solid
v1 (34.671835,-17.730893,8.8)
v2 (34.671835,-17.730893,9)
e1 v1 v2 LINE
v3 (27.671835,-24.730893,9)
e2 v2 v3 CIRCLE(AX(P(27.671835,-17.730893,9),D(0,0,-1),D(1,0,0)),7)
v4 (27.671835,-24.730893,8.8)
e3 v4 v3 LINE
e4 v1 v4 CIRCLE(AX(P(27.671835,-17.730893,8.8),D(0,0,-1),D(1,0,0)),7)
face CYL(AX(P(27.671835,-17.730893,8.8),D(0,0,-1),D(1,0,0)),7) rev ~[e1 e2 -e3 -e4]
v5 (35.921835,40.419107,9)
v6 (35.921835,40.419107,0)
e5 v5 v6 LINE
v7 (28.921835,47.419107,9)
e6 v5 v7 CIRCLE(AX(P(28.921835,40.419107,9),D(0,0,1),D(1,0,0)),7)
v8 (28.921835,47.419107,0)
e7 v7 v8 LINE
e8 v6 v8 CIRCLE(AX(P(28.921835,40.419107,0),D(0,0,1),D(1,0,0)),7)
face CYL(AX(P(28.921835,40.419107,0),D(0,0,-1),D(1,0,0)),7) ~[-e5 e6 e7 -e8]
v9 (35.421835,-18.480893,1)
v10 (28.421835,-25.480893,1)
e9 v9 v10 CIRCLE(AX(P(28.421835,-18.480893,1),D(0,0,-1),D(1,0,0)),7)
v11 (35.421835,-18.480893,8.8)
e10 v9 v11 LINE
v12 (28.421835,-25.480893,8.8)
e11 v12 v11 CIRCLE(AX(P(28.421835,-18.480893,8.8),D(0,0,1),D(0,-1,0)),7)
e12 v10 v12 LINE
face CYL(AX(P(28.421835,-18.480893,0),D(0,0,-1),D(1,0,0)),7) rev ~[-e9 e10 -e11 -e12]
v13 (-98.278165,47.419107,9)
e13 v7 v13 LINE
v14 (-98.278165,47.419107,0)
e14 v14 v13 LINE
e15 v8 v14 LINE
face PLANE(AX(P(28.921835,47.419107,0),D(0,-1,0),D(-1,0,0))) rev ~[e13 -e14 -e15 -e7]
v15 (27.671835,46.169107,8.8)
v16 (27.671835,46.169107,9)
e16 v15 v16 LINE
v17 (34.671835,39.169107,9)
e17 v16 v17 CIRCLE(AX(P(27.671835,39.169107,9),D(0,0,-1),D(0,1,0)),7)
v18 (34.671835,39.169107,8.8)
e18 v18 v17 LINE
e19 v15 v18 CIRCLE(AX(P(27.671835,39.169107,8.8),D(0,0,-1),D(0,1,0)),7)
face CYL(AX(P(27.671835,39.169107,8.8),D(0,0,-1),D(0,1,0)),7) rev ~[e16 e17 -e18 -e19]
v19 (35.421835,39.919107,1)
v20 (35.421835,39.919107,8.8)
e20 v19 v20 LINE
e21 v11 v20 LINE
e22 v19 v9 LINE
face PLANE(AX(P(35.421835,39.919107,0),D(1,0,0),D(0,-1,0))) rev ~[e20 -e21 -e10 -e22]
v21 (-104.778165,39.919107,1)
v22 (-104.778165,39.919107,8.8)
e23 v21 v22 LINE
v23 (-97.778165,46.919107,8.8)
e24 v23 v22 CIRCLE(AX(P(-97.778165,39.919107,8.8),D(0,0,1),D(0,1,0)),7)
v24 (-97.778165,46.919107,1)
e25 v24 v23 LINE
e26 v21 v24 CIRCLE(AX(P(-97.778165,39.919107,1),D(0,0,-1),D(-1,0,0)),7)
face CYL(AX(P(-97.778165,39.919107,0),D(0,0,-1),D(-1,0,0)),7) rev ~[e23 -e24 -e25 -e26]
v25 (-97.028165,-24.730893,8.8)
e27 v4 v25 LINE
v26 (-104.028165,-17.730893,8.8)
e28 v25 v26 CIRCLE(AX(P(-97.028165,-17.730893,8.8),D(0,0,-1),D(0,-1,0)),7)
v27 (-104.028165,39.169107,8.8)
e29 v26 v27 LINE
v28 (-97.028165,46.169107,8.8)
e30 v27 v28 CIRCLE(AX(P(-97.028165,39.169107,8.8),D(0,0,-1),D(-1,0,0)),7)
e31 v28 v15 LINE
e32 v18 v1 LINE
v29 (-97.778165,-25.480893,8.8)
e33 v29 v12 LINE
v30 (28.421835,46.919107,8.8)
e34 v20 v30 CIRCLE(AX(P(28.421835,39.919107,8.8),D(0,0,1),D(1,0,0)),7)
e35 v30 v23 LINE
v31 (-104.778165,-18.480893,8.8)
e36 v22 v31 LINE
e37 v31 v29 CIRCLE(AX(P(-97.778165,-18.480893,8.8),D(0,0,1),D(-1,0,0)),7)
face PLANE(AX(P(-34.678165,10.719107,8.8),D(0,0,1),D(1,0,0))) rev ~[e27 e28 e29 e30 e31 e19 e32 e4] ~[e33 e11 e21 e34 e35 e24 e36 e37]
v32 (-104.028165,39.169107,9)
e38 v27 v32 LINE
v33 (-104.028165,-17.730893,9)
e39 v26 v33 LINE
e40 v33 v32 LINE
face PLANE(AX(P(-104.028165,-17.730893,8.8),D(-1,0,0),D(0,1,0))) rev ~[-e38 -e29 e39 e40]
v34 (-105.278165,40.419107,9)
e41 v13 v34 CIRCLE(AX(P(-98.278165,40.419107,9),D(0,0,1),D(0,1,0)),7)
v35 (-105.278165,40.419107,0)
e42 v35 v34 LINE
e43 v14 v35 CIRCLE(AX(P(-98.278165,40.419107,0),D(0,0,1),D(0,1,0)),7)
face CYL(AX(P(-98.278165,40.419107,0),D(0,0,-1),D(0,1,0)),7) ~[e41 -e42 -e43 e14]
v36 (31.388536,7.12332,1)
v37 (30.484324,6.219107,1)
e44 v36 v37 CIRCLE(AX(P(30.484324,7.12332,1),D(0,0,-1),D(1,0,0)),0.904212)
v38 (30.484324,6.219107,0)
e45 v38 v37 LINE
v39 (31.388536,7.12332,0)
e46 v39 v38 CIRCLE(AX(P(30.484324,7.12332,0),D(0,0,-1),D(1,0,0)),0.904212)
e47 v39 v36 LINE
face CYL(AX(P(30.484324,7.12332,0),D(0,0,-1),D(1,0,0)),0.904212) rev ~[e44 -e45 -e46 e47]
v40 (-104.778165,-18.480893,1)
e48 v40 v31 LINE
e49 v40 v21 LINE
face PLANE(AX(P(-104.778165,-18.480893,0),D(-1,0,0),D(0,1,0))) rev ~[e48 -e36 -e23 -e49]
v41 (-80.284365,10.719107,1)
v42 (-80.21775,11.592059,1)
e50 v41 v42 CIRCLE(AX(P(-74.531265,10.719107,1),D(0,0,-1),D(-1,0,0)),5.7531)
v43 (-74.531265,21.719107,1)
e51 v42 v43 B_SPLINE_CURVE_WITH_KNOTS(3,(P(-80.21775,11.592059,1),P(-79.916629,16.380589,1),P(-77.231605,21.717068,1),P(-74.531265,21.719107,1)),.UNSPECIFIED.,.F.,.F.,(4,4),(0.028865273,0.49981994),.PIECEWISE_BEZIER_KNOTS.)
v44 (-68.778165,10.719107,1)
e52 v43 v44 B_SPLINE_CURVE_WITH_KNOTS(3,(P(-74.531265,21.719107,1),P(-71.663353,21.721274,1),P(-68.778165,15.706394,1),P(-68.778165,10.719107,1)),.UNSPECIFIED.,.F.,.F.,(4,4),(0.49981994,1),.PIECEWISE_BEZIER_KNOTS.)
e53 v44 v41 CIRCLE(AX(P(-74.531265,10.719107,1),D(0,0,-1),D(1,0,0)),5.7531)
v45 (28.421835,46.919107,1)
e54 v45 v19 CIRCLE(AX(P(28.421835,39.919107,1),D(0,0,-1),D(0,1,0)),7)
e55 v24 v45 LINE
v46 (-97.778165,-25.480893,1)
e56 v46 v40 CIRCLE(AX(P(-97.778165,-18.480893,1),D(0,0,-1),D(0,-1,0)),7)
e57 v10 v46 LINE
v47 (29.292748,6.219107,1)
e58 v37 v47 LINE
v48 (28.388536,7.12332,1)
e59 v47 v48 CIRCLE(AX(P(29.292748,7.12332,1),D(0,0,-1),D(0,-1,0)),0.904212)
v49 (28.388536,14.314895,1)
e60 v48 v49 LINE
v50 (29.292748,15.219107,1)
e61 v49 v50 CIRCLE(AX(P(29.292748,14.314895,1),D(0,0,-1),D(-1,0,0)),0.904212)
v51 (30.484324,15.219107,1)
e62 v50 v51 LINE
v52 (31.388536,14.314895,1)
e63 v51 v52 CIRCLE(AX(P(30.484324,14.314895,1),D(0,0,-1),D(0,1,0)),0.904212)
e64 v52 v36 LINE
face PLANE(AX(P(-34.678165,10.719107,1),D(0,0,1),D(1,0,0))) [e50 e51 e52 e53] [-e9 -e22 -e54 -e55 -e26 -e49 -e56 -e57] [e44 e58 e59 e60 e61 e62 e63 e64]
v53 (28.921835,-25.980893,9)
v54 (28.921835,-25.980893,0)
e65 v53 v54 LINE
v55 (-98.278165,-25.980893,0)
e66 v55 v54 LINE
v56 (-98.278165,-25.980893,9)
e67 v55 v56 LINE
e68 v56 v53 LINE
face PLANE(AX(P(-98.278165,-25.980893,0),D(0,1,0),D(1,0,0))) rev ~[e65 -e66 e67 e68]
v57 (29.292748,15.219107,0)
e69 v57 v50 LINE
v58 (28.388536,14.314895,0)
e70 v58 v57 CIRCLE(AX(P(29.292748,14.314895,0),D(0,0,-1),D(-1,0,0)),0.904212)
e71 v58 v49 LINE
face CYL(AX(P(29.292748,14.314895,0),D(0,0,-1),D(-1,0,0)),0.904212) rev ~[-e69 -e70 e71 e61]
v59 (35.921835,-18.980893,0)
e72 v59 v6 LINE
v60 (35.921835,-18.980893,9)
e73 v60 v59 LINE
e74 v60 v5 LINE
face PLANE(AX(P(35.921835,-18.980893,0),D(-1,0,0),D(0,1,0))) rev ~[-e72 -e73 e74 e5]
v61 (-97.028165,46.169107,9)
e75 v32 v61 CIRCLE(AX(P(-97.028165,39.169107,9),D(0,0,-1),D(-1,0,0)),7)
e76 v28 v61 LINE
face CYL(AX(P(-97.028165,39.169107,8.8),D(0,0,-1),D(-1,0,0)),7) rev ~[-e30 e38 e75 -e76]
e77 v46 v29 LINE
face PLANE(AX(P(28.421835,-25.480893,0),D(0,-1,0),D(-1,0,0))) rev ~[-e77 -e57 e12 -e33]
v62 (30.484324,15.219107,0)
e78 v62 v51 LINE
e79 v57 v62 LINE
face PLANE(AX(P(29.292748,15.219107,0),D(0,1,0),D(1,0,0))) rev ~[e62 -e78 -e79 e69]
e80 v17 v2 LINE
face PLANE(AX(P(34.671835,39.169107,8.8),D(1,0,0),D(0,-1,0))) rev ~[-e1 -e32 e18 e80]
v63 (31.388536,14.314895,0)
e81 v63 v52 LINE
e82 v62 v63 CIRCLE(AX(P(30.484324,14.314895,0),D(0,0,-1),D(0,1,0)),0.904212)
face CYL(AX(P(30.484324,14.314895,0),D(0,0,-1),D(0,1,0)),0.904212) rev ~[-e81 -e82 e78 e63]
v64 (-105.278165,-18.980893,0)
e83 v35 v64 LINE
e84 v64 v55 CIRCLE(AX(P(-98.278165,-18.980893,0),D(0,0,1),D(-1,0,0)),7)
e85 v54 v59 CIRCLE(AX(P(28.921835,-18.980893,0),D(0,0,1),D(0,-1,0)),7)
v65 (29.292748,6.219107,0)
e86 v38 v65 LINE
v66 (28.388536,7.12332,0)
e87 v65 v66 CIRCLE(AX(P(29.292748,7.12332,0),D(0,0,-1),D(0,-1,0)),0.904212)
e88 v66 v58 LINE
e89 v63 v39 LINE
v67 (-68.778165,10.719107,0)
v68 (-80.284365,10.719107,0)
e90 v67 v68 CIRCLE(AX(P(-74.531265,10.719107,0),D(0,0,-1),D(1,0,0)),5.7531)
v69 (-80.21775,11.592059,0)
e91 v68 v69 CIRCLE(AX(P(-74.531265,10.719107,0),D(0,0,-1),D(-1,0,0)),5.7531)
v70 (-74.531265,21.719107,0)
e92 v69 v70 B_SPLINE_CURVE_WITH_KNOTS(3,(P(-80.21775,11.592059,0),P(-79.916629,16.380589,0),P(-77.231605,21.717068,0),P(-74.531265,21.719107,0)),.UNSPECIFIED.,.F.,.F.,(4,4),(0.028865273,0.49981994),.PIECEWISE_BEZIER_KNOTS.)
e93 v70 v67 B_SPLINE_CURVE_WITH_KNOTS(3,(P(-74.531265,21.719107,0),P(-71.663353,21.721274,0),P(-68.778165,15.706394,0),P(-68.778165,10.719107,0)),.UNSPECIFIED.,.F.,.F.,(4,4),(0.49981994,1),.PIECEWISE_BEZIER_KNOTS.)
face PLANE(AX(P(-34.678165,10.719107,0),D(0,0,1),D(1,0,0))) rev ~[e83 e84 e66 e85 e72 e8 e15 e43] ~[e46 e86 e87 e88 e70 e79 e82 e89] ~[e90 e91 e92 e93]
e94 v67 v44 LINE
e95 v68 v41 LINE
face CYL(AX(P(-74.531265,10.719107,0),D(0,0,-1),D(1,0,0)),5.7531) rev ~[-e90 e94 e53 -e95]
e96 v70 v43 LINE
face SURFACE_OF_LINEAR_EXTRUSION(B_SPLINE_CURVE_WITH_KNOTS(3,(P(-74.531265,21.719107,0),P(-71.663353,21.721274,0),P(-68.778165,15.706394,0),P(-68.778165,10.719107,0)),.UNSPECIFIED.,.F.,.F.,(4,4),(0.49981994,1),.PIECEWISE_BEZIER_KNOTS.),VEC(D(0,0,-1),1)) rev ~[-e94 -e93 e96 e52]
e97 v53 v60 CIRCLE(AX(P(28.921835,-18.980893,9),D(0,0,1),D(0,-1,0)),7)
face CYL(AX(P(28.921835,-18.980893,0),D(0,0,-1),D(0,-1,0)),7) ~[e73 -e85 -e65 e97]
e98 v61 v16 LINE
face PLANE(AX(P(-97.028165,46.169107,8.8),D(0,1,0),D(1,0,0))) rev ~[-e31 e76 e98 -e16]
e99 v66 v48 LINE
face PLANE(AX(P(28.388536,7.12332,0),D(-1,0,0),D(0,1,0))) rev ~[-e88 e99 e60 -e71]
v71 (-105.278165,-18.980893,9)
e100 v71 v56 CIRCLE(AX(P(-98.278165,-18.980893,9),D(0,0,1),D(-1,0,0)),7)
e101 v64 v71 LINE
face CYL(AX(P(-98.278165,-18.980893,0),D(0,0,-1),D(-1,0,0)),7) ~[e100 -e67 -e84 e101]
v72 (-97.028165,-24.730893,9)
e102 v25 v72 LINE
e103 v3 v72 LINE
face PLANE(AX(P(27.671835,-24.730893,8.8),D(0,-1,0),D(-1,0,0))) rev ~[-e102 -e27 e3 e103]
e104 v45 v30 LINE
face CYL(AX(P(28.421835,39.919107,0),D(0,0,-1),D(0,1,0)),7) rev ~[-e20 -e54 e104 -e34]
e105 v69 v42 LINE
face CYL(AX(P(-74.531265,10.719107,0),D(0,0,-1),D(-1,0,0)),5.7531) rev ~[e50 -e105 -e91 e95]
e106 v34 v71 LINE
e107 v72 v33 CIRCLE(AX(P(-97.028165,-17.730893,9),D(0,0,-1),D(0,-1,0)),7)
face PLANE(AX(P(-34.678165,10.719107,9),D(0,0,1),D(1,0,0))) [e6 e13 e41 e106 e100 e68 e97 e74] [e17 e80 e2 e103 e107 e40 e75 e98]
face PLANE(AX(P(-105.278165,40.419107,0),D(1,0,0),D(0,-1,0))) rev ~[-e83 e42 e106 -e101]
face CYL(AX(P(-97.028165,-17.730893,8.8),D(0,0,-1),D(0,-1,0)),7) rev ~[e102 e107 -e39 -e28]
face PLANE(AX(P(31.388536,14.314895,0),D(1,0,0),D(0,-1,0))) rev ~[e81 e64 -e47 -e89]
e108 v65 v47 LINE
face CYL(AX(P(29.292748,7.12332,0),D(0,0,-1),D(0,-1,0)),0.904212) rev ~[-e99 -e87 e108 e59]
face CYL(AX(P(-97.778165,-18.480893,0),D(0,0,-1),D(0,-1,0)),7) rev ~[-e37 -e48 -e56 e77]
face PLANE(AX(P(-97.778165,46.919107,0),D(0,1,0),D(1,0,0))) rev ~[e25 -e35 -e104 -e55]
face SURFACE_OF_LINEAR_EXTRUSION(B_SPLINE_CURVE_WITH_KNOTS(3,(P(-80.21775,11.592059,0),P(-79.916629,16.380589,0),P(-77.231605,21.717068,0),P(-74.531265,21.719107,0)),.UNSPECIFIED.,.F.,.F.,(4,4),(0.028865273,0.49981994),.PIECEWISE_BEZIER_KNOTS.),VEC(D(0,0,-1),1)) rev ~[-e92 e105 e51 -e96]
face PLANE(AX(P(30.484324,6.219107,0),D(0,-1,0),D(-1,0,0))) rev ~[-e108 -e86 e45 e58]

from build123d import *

# Parameters (mm, degrees)
F1_DEPTH = 9
F2_DEPTH = 1
F3_START = 8.8
F3_DEPTH = 0.2


with BuildPart() as f1:
    # F0 (on Top) → F1 (new body)
    with BuildSketch(Plane.XY):
        with BuildLine():
            Line((28.9218353152, 47.4191074908), (-98.2781646848, 47.4191074908))
            ThreePointArc((-98.2781646848, 47.4191074908), (-103.2279121531, 45.3688549591), (-105.2781646848, 40.4191074908))
            Line((-105.2781646848, 40.4191074908), (-105.2781646848, -18.9808925092))
            ThreePointArc((-105.2781646848, -18.9808925092), (-103.2279121531, -23.9306399775), (-98.2781646848, -25.9808925092))
            Line((-98.2781646848, -25.9808925092), (28.9218353152, -25.9808925092))
            ThreePointArc((28.9218353152, -25.9808925092), (33.8715827835, -23.9306399775), (35.9218353152, -18.9808925092))
            Line((35.9218353152, -18.9808925092), (35.9218353152, 40.4191074908))
            ThreePointArc((35.9218353152, 40.4191074908), (33.8715827835, 45.3688549591), (28.9218353152, 47.4191074908))
        make_face()
        with BuildLine():
            ThreePointArc((-104.7781646848, 39.9191074908), (-102.7279121531, 44.8688549591), (-97.7781646848, 46.9191074908))
            Line((-97.7781646848, 46.9191074908), (28.4218353152, 46.9191074908))
            ThreePointArc((28.4218353152, 46.9191074908), (33.3715827835, 44.8688549591), (35.4218353152, 39.9191074908))
            Line((35.4218353152, 39.9191074908), (35.4218353152, -18.4808925092))
            ThreePointArc((35.4218353152, -18.4808925092), (33.3715827835, -23.4306399775), (28.4218353152, -25.4808925092))
            Line((28.4218353152, -25.4808925092), (-97.7781646848, -25.4808925092))
            ThreePointArc((-97.7781646848, -25.4808925092), (-102.7279121531, -23.4306399775), (-104.7781646848, -18.4808925092))
            Line((-104.7781646848, -18.4808925092), (-104.7781646848, 10.7191074908))
            Line((-104.7781646848, 10.7191074908), (-104.7781646848, 39.9191074908))
        make_face(mode=Mode.SUBTRACT)
    extrude(amount=F1_DEPTH)

    # F0 (on Top) → F2 (join)
    with BuildSketch(Plane.XY):
        with BuildLine():
            Line((28.9218353152, 47.4191074908), (-98.2781646848, 47.4191074908))
            ThreePointArc((-98.2781646848, 47.4191074908), (-103.2279121531, 45.3688549591), (-105.2781646848, 40.4191074908))
            Line((-105.2781646848, 40.4191074908), (-105.2781646848, -18.9808925092))
            ThreePointArc((-105.2781646848, -18.9808925092), (-103.2279121531, -23.9306399775), (-98.2781646848, -25.9808925092))
            Line((-98.2781646848, -25.9808925092), (28.9218353152, -25.9808925092))
            ThreePointArc((28.9218353152, -25.9808925092), (33.8715827835, -23.9306399775), (35.9218353152, -18.9808925092))
            Line((35.9218353152, -18.9808925092), (35.9218353152, 40.4191074908))
            ThreePointArc((35.9218353152, 40.4191074908), (33.8715827835, 45.3688549591), (28.9218353152, 47.4191074908))
        make_face()
        with BuildLine():
            ThreePointArc((-104.7781646848, 39.9191074908), (-102.7279121531, 44.8688549591), (-97.7781646848, 46.9191074908))
            Line((-97.7781646848, 46.9191074908), (28.4218353152, 46.9191074908))
            ThreePointArc((28.4218353152, 46.9191074908), (33.3715827835, 44.8688549591), (35.4218353152, 39.9191074908))
            Line((35.4218353152, 39.9191074908), (35.4218353152, -18.4808925092))
            ThreePointArc((35.4218353152, -18.4808925092), (33.3715827835, -23.4306399775), (28.4218353152, -25.4808925092))
            Line((28.4218353152, -25.4808925092), (-97.7781646848, -25.4808925092))
            ThreePointArc((-97.7781646848, -25.4808925092), (-102.7279121531, -23.4306399775), (-104.7781646848, -18.4808925092))
            Line((-104.7781646848, -18.4808925092), (-104.7781646848, 10.7191074908))
            Line((-104.7781646848, 10.7191074908), (-104.7781646848, 39.9191074908))
        make_face(mode=Mode.SUBTRACT)
        with BuildLine():
            Line((28.4218353152, 46.9191074908), (-97.7781646848, 46.9191074908))
            ThreePointArc((-97.7781646848, 46.9191074908), (-102.7279121531, 44.8688549591), (-104.7781646848, 39.9191074908))
            Line((-104.7781646848, 39.9191074908), (-104.7781646848, 10.7191074908))
            Line((-104.7781646848, 10.7191074908), (-104.7781646848, -18.4808925092))
            ThreePointArc((-104.7781646848, -18.4808925092), (-102.7279121531, -23.4306399775), (-97.7781646848, -25.4808925092))
            Line((-97.7781646848, -25.4808925092), (28.4218353152, -25.4808925092))
            ThreePointArc((28.4218353152, -25.4808925092), (33.3715827835, -23.4306399775), (35.4218353152, -18.4808925092))
            Line((35.4218353152, -18.4808925092), (35.4218353152, 39.9191074908))
            ThreePointArc((35.4218353152, 39.9191074908), (33.3715827835, 44.8688549591), (28.4218353152, 46.9191074908))
        make_face()
        with BuildLine():
            Line((-104.0281646848, -17.7308925092), (-104.0281646848, 10.7191074908))
            Line((-104.0281646848, 10.7191074908), (-104.0281646848, 39.1691074908))
            ThreePointArc((-104.0281646848, 39.1691074908), (-101.9779121531, 44.1188549591), (-97.0281646848, 46.1691074908))
            Line((-97.0281646848, 46.1691074908), (27.6718353152, 46.1691074908))
            ThreePointArc((27.6718353152, 46.1691074908), (32.6215827835, 44.1188549591), (34.6718353152, 39.1691074908))
            Line((34.6718353152, 39.1691074908), (34.6718353152, -17.7308925092))
            ThreePointArc((34.6718353152, -17.7308925092), (32.6215827835, -22.6806399775), (27.6718353152, -24.7308925092))
            Line((27.6718353152, -24.7308925092), (-97.0281646848, -24.7308925092))
            ThreePointArc((-97.0281646848, -24.7308925092), (-101.9779121531, -22.6806399775), (-104.0281646848, -17.7308925092))
        make_face(mode=Mode.SUBTRACT)
        with BuildLine():
            Line((-104.0281646848, 39.1691074908), (-104.0281646848, 10.7191074908))
            Line((-104.0281646848, 10.7191074908), (-104.0281646848, -17.7308925092))
            ThreePointArc((-104.0281646848, -17.7308925092), (-101.9779121531, -22.6806399775), (-97.0281646848, -24.7308925092))
            Line((-97.0281646848, -24.7308925092), (27.6718353152, -24.7308925092))
            ThreePointArc((27.6718353152, -24.7308925092), (32.6215827835, -22.6806399775), (34.6718353152, -17.7308925092))
            Line((34.6718353152, -17.7308925092), (34.6718353152, 39.1691074908))
            ThreePointArc((34.6718353152, 39.1691074908), (32.6215827835, 44.1188549591), (27.6718353152, 46.1691074908))
            Line((27.6718353152, 46.1691074908), (-97.0281646848, 46.1691074908))
            ThreePointArc((-97.0281646848, 46.1691074908), (-101.9779121531, 44.1188549591), (-104.0281646848, 39.1691074908))
        make_face()
        with BuildLine():
            ThreePointArc((-68.7781646848, 10.7191074908), (-74.5312646848, 4.9660074908), (-80.2843646848, 10.7191074908))
            ThreePointArc((-80.2843646848, 10.7191074908), (-80.2676868415, 11.1568522219), (-80.2177500076, 11.5920589691))
            add(Edge.make_bspline(
                [(-80.2177500076, 11.5920589691), (-79.9166287785, 16.380589161), (-77.2316050473, 21.7170679747), (-74.5312646848, 21.7191074908)],
                knots=[0.0288652727, 0.0288652727, 0.0288652727, 0.0288652727, 0.4998199399, 0.4998199399, 0.4998199399, 0.4998199399], degree=3))
            add(Edge.make_bspline(
                [(-74.5312646848, 21.7191074908), (-71.6633529752, 21.7212735703), (-68.7781646848, 15.7063938677), (-68.7781646848, 10.7191074908)],
                knots=[0.4998199399, 0.4998199399, 0.4998199399, 0.4998199399, 1, 1, 1, 1], degree=3))
        make_face(mode=Mode.SUBTRACT)
        with BuildLine():
            ThreePointArc((28.3885360956, 14.3148952636), (28.6533737253, 14.9542698611), (29.2927483228, 15.2191074908))
            Line((29.2927483228, 15.2191074908), (30.4843238684, 15.2191074908))
            ThreePointArc((30.4843238684, 15.2191074908), (31.1236984659, 14.9542698611), (31.3885360956, 14.3148952636))
            Line((31.3885360956, 14.3148952636), (31.3885360956, 7.1233197179))
            ThreePointArc((31.3885360956, 7.1233197179), (31.1236984659, 6.4839451205), (30.4843238684, 6.2191074908))
            Line((30.4843238684, 6.2191074908), (29.2927483228, 6.2191074908))
            ThreePointArc((29.2927483228, 6.2191074908), (28.6533737253, 6.4839451205), (28.3885360956, 7.1233197179))
            Line((28.3885360956, 7.1233197179), (28.3885360956, 14.3148952636))
        make_face(mode=Mode.SUBTRACT)
    extrude(amount=F2_DEPTH)

    # F0 (on Top) → F3 (join)
    with BuildSketch(Plane.XY.offset(F3_START)):
        with BuildLine():
            Line((28.4218353152, 46.9191074908), (-97.7781646848, 46.9191074908))
            ThreePointArc((-97.7781646848, 46.9191074908), (-102.7279121531, 44.8688549591), (-104.7781646848, 39.9191074908))
            Line((-104.7781646848, 39.9191074908), (-104.7781646848, 10.7191074908))
            Line((-104.7781646848, 10.7191074908), (-104.7781646848, -18.4808925092))
            ThreePointArc((-104.7781646848, -18.4808925092), (-102.7279121531, -23.4306399775), (-97.7781646848, -25.4808925092))
            Line((-97.7781646848, -25.4808925092), (28.4218353152, -25.4808925092))
            ThreePointArc((28.4218353152, -25.4808925092), (33.3715827835, -23.4306399775), (35.4218353152, -18.4808925092))
            Line((35.4218353152, -18.4808925092), (35.4218353152, 39.9191074908))
            ThreePointArc((35.4218353152, 39.9191074908), (33.3715827835, 44.8688549591), (28.4218353152, 46.9191074908))
        make_face()
        with BuildLine():
            Line((-104.0281646848, -17.7308925092), (-104.0281646848, 10.7191074908))
            Line((-104.0281646848, 10.7191074908), (-104.0281646848, 39.1691074908))
            ThreePointArc((-104.0281646848, 39.1691074908), (-101.9779121531, 44.1188549591), (-97.0281646848, 46.1691074908))
            Line((-97.0281646848, 46.1691074908), (27.6718353152, 46.1691074908))
            ThreePointArc((27.6718353152, 46.1691074908), (32.6215827835, 44.1188549591), (34.6718353152, 39.1691074908))
            Line((34.6718353152, 39.1691074908), (34.6718353152, -17.7308925092))
            ThreePointArc((34.6718353152, -17.7308925092), (32.6215827835, -22.6806399775), (27.6718353152, -24.7308925092))
            Line((27.6718353152, -24.7308925092), (-97.0281646848, -24.7308925092))
            ThreePointArc((-97.0281646848, -24.7308925092), (-101.9779121531, -22.6806399775), (-104.0281646848, -17.7308925092))
        make_face(mode=Mode.SUBTRACT)
    extrude(amount=F3_DEPTH)


solid = f1.part
